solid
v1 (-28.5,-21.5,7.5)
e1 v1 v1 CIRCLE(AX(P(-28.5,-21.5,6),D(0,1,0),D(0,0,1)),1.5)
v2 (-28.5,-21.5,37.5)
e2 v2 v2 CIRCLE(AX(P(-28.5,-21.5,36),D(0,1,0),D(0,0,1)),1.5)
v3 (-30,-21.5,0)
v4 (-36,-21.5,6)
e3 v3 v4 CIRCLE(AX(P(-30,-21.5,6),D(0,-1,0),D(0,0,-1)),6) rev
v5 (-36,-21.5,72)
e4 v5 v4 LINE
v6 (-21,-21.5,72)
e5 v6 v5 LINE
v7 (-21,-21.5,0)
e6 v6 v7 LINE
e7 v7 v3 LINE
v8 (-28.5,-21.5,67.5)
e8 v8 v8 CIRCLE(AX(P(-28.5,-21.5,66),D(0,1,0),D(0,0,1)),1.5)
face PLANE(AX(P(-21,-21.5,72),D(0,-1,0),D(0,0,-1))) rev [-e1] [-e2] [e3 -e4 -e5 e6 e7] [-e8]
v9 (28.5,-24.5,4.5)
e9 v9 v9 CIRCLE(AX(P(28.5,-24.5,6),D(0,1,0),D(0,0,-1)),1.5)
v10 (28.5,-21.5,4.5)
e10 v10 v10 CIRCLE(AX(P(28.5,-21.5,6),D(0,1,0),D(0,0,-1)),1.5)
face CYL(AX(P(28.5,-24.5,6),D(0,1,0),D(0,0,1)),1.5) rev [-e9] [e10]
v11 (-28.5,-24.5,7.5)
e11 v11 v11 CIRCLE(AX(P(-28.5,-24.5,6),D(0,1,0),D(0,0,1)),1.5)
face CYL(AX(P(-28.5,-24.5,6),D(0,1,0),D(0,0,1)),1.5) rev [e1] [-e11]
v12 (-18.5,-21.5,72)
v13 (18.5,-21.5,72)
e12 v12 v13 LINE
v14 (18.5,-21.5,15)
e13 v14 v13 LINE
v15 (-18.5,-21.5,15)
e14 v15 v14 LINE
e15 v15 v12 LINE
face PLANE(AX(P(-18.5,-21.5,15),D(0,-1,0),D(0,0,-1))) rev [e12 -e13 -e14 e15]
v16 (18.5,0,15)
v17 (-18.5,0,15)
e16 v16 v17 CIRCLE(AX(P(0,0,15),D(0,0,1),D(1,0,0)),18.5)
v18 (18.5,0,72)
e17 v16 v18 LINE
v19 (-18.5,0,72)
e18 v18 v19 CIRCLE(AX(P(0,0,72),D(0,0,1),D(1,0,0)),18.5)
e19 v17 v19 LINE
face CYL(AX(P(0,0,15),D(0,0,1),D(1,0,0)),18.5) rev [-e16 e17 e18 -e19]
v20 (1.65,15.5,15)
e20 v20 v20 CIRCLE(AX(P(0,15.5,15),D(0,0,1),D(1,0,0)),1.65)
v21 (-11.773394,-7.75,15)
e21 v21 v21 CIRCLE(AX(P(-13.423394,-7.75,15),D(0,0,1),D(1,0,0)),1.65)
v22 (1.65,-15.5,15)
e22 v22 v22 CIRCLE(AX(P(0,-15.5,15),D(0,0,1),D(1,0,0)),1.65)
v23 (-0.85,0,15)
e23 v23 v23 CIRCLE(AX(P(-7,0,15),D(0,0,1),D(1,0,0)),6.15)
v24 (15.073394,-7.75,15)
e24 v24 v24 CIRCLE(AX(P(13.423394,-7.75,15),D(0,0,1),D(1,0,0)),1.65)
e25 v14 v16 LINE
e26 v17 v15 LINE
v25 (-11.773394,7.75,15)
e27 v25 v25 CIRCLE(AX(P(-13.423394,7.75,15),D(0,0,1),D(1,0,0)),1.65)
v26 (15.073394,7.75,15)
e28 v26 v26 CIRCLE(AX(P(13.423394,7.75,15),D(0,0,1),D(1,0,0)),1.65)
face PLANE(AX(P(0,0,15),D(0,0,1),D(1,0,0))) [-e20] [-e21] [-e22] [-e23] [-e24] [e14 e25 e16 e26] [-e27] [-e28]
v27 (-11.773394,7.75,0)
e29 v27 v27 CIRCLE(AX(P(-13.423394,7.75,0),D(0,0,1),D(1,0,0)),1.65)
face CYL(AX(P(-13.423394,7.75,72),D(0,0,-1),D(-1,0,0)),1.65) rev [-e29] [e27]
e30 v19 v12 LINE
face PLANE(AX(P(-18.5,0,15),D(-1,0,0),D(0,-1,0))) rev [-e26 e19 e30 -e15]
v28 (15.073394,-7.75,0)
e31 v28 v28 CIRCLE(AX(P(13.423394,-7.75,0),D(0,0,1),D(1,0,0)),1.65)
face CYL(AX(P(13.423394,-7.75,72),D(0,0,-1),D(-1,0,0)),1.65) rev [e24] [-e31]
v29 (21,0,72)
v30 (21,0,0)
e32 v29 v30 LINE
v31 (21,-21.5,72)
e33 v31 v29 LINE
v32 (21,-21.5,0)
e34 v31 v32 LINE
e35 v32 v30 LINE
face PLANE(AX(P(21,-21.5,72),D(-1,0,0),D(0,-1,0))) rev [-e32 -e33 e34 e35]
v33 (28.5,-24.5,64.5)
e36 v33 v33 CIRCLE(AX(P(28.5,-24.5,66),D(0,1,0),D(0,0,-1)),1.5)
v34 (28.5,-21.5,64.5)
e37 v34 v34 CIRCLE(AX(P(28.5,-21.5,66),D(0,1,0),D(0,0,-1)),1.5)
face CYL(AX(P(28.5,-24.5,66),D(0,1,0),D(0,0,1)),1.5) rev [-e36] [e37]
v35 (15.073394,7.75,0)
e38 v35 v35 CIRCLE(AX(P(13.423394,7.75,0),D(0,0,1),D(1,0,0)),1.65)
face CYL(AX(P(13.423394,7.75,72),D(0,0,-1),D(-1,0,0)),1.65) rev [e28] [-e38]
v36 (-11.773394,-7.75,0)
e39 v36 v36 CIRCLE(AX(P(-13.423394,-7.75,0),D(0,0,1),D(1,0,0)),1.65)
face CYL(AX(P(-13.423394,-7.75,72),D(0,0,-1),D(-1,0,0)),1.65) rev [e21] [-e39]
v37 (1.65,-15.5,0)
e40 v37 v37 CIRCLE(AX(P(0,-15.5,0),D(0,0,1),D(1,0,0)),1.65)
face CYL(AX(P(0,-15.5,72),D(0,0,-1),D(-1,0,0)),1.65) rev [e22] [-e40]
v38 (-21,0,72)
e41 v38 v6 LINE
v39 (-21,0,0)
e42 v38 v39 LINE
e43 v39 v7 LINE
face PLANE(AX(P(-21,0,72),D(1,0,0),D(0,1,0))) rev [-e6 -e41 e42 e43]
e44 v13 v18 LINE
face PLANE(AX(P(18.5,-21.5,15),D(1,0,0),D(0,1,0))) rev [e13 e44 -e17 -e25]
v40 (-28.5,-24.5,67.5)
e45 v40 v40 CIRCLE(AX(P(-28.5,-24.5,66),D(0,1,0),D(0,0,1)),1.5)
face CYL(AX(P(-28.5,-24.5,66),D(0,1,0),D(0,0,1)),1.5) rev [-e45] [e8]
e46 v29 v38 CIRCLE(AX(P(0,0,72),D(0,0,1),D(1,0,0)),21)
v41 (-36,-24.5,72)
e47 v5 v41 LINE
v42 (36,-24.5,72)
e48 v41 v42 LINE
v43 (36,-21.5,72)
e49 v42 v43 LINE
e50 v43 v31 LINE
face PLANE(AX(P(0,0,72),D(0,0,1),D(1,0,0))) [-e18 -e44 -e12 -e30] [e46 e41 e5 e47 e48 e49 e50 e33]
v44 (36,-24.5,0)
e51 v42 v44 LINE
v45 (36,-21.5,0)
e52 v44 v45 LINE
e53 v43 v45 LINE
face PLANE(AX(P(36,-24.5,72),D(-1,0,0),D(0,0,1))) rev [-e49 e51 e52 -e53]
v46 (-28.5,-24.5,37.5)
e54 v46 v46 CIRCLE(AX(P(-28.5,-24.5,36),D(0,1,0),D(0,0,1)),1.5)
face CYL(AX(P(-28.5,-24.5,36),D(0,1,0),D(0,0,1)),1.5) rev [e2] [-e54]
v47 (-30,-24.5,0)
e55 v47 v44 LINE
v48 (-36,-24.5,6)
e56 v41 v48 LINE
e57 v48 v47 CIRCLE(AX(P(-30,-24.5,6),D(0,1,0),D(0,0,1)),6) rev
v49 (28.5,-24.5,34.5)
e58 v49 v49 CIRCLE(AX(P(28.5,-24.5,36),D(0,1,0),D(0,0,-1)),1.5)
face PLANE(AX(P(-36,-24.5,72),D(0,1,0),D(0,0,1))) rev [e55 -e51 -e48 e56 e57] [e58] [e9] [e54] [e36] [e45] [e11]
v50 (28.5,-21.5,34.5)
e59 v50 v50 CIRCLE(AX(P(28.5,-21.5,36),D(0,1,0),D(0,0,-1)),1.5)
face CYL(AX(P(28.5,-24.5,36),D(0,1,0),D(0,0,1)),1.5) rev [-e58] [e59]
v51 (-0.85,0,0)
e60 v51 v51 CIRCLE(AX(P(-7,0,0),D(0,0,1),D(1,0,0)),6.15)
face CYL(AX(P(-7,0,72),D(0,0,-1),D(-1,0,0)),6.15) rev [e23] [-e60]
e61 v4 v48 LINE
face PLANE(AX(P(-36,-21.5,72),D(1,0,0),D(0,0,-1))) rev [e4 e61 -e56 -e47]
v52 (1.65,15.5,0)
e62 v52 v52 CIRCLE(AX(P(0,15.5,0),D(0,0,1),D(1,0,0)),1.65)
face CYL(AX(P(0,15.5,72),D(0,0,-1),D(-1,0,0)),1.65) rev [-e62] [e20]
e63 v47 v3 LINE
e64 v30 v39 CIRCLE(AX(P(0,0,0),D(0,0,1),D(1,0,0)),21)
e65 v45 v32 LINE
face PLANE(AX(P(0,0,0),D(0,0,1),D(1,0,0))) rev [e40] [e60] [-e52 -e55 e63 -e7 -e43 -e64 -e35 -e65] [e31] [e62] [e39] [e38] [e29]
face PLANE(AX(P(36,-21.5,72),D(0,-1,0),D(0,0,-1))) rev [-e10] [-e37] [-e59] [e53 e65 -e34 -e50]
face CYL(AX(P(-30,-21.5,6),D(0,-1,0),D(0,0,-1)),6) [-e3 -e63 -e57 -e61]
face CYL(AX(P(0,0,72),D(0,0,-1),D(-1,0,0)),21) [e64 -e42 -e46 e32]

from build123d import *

# Parameters (mm, degrees)
SKETCH1_R           = 1.65
SKETCH1_R_2         = 6.15
BOSS_EXTRUDE1_DEPTH = 72
CUT_EXTRUDE1_DEPTH  = 57
SKETCH3_R           = 1.5
CUT_EXTRUDE2_DEPTH  = 92.028841583
FILLET1_R           = 6


with BuildPart() as part:
    # Sketch1 → Boss-Extrude1 (new body)
    with BuildSketch(Plane.XY):
        with BuildLine():
            Line((-21, 0), (-21, -21.5))
            Line((-21, -21.5), (-36, -21.5))
            Line((-36, -21.5), (-36, -24.5))
            Line((-36, -24.5), (36, -24.5))
            Line((36, -24.5), (36, -21.5))
            Line((36, -21.5), (21, -21.5))
            Line((21, -21.5), (21, 0))
            ThreePointArc((21, 0), (0, 21), (-21, 0))
        make_face()
        with Locations((0, -15.5)):
            Circle(SKETCH1_R, mode=Mode.SUBTRACT)
        with Locations((-13.423393759, -7.75)):
            Circle(SKETCH1_R, mode=Mode.SUBTRACT)
        with Locations((-13.423393759, 7.75)):
            Circle(SKETCH1_R, mode=Mode.SUBTRACT)
        with Locations((0, 15.5)):
            Circle(SKETCH1_R, mode=Mode.SUBTRACT)
        with Locations((13.423393759, 7.75)):
            Circle(SKETCH1_R, mode=Mode.SUBTRACT)
        with Locations((13.423393759, -7.75)):
            Circle(SKETCH1_R, mode=Mode.SUBTRACT)
        with Locations((-7, 0)):
            Circle(SKETCH1_R_2, mode=Mode.SUBTRACT)
    extrude(amount=BOSS_EXTRUDE1_DEPTH)

    # Sketch2 → Cut-Extrude1 (cut)
    with BuildSketch(Plane.XY.offset(72)):
        with BuildLine():
            Line((-18.5, 0), (-18.5, -21.5))
            Line((-18.5, -21.5), (18.5, -21.5))
            Line((18.5, -21.5), (18.5, 0))
            ThreePointArc((18.5, 0), (0, 18.5), (-18.5, 0))
        make_face()
    extrude(amount=-CUT_EXTRUDE1_DEPTH, mode=Mode.SUBTRACT)

    # Sketch3 → Cut-Extrude2 (cut, through all)
    with BuildSketch(Plane(origin=(0, -21.5, 0), x_dir=(1, 0, 0), z_dir=(0, 1, 0))):
        with Locations(Location((-28.5, -36, 0), (0, 0, 270))):
            Circle(SKETCH3_R)
        with Locations(Location((-28.5, -6, 0), (0, 0, 270))):
            Circle(SKETCH3_R)
        with Locations(Location((-28.5, -66, 0), (0, 0, 270))):
            Circle(SKETCH3_R)
        with Locations(Location((28.5, -66, 0), (0, 0, 90))):
            Circle(SKETCH3_R)
        with Locations(Location((28.5, -6, 0), (0, 0, 90))):
            Circle(SKETCH3_R)
        with Locations(Location((28.5, -36, 0), (0, 0, 90))):
            Circle(SKETCH3_R)
    extrude(amount=-CUT_EXTRUDE2_DEPTH, mode=Mode.SUBTRACT)

    # Fillet1
    fillet1_edges = [part.edges().sort_by_distance(p)[0] for p in [
        (-36, -23, 0),
    ]]
    fillet(fillet1_edges, radius=FILLET1_R)


solid = part.part
